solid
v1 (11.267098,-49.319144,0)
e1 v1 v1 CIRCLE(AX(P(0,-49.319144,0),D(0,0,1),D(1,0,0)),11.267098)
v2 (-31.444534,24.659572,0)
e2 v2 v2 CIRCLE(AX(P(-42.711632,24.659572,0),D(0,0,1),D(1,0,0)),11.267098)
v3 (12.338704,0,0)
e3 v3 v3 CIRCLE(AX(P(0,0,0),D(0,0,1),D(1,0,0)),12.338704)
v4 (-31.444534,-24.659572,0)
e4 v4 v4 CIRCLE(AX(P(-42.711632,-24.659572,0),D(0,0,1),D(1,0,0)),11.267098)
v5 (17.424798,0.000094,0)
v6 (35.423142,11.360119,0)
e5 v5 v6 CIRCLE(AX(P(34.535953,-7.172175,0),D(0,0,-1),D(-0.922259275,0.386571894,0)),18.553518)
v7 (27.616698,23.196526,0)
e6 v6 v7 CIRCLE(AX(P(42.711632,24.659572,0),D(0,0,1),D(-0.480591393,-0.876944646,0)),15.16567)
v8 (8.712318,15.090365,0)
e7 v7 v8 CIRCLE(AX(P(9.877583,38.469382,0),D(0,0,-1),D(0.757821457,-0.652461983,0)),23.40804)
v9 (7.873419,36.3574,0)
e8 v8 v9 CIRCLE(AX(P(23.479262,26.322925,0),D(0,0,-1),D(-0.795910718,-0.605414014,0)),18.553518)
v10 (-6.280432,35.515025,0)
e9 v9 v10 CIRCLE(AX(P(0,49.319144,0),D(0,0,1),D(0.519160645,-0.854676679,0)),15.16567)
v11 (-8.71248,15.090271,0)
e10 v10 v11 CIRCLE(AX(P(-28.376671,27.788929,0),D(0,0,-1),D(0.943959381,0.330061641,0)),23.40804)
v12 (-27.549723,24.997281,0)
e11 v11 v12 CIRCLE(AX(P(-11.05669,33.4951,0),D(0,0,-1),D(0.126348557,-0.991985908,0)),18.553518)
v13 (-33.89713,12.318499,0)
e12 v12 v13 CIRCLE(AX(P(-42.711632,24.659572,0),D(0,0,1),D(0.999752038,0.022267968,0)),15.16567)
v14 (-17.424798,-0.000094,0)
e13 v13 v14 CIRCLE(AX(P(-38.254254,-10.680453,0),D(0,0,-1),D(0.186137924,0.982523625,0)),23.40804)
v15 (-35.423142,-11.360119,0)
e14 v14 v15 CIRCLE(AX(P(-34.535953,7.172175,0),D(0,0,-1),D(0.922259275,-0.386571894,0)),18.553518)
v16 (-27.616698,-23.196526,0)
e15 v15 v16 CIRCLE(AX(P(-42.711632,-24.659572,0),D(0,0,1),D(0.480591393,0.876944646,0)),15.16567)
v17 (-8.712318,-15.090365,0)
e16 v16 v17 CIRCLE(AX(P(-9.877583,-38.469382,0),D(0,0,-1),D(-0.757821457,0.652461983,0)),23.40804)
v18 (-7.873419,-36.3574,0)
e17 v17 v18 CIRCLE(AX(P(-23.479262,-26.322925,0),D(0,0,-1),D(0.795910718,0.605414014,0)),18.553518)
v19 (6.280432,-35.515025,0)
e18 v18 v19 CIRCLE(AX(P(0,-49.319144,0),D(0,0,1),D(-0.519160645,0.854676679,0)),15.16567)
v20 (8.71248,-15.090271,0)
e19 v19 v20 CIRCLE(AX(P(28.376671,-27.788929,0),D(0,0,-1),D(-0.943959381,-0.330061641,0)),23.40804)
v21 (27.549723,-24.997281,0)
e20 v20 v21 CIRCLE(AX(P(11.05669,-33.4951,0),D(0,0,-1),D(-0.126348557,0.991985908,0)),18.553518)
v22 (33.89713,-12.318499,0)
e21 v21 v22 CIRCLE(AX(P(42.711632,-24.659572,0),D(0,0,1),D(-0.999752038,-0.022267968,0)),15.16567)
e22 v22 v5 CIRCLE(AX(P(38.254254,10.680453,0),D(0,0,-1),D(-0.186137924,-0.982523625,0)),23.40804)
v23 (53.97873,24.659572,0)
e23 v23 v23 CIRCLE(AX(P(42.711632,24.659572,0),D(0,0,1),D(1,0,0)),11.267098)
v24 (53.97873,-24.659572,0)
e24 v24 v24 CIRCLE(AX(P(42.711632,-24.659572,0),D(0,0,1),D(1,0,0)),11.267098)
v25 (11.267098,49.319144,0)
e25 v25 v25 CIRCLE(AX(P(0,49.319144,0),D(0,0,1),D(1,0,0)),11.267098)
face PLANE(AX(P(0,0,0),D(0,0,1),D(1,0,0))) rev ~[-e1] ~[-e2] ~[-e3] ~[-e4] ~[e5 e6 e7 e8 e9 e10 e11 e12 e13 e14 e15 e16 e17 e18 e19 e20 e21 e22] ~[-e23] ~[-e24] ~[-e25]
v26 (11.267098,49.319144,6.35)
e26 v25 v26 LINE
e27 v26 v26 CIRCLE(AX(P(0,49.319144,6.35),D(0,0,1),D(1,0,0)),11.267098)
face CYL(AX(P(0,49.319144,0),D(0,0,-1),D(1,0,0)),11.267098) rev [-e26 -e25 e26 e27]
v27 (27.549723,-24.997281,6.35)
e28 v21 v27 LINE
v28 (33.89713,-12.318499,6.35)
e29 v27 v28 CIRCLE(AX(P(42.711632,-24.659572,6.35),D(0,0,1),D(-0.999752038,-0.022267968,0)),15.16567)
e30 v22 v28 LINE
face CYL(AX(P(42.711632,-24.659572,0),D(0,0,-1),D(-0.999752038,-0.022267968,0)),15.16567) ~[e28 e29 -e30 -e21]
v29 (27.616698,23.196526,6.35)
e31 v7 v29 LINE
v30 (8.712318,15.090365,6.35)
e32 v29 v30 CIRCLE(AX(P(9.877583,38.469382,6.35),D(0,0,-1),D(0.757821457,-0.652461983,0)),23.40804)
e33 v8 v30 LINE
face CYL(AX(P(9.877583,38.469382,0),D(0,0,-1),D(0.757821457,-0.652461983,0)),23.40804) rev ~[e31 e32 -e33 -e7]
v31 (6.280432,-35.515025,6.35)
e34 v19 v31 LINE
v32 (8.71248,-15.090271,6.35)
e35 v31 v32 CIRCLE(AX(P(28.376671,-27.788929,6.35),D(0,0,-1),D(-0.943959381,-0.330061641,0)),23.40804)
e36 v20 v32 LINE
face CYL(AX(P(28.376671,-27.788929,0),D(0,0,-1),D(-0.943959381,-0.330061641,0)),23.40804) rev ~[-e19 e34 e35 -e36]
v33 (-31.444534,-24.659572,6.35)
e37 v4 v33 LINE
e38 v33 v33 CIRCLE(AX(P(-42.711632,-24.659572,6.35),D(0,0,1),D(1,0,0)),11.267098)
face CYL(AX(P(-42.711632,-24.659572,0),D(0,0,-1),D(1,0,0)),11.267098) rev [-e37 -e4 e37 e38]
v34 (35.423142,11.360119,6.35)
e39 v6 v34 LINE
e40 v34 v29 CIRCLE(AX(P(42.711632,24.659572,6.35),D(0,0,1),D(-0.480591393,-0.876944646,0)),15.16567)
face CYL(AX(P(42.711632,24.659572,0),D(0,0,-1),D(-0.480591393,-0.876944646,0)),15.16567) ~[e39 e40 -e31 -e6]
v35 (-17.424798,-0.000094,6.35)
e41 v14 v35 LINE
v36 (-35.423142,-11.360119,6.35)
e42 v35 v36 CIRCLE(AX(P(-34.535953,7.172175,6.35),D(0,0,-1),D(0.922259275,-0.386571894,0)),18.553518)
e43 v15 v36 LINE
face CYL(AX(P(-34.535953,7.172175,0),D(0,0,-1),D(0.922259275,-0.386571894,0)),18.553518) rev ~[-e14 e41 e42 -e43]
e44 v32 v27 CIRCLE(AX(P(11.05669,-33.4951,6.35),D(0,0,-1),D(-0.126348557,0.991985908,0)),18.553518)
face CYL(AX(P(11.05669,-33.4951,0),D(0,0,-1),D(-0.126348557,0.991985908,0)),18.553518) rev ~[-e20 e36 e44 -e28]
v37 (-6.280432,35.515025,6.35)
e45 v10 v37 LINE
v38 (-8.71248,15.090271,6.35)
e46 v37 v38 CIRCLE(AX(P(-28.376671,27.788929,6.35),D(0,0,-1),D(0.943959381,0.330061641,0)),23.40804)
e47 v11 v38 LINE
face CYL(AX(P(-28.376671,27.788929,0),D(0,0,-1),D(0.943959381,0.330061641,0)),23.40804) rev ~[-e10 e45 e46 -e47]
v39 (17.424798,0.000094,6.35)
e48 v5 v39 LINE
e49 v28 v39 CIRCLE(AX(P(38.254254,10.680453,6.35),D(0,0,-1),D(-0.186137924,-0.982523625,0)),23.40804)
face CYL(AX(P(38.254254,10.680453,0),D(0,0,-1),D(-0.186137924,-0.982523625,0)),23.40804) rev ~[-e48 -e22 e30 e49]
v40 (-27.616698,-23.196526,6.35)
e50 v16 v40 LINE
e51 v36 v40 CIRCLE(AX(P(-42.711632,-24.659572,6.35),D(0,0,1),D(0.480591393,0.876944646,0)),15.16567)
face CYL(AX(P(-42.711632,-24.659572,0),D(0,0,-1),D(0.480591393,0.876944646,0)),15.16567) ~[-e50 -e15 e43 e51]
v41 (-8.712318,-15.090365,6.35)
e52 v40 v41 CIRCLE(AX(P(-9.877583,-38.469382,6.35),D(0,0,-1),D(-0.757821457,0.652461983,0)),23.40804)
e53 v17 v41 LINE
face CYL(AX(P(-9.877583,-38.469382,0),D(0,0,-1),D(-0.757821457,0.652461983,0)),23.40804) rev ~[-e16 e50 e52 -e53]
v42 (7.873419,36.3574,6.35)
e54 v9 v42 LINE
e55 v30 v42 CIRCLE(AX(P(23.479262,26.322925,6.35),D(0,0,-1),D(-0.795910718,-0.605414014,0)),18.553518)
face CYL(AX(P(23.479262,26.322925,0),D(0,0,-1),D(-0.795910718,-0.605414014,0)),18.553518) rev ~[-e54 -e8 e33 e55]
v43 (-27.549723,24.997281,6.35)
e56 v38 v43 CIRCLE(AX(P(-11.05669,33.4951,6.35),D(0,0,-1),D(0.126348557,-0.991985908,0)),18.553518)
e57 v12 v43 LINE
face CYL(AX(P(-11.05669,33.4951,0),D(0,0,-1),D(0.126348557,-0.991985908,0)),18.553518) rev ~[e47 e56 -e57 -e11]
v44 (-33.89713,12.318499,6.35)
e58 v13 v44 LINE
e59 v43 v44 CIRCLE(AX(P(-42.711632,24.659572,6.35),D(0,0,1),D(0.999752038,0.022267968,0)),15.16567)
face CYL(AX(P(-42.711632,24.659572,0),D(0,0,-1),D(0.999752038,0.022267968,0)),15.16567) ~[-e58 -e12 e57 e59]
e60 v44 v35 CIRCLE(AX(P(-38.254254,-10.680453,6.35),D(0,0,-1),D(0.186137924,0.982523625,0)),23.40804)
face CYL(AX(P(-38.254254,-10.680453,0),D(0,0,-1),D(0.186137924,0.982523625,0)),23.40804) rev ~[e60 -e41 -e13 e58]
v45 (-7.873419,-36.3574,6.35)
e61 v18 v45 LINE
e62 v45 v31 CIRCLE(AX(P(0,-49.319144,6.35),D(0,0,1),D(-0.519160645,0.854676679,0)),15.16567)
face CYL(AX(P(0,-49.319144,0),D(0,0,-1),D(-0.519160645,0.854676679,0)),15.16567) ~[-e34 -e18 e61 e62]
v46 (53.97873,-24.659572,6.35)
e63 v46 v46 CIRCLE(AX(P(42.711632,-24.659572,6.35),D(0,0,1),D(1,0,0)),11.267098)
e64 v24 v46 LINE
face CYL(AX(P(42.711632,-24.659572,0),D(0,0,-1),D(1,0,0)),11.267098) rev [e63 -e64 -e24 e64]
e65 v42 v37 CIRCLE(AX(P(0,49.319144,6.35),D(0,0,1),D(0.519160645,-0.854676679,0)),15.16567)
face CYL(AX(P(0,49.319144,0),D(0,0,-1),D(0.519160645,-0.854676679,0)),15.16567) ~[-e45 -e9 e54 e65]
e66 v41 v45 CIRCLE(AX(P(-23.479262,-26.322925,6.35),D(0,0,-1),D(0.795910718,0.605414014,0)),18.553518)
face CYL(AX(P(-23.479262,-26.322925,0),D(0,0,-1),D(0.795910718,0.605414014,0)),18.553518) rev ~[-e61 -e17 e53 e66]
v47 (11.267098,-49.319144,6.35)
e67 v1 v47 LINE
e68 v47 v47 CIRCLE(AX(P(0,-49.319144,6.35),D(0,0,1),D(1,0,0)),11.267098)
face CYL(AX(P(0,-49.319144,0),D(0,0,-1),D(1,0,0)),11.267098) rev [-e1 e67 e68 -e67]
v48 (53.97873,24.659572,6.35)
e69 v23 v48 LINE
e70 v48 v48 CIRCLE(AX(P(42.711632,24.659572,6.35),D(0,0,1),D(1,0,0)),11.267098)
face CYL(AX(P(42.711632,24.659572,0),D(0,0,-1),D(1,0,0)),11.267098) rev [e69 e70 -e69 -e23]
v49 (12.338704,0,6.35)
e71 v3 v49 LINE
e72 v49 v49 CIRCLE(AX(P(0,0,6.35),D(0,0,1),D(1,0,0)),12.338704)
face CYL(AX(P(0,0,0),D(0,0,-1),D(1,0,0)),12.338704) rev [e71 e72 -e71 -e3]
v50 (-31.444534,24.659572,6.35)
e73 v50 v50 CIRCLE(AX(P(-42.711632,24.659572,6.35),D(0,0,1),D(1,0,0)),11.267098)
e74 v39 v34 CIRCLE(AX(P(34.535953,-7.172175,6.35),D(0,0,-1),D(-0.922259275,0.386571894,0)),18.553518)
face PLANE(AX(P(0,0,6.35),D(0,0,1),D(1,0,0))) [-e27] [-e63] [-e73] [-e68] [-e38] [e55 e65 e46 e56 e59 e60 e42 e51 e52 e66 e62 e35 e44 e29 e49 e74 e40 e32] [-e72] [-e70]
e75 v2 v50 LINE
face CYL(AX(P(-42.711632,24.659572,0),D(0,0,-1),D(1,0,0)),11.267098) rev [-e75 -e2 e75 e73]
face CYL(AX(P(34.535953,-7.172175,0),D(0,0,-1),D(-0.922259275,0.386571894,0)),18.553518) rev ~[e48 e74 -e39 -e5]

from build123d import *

# Parameters (mm, degrees)
F0_R     = 11.267098278
F0_R_2   = 12.3387041608
F1_DEPTH = 6.35


with BuildPart() as f1:
    # F0 (on Top) → F1 (new body)
    with BuildSketch(Plane.XY):
        with BuildLine():
            ThreePointArc((8.7123179944, 15.0903645105), (4.9401614153, 25.5916315175), (7.8734188263, 36.3574001836))
            ThreePointArc((7.8734188263, 36.3574001836), (-0.9009997096, 64.4580259045), (-6.2804322517, 35.5150251603))
            ThreePointArc((-6.2804322517, 35.5150251603), (-5.1328327, 25.0212030543), (-8.7124800213, 15.0902709642))
            ThreePointArc((-8.7124800213, 15.0902709642), (-19.6929223108, 17.0741210432), (-27.5497227614, 24.99728081))
            ThreePointArc((-27.5497227614, 24.99728081), (-56.2727877659, 31.4487243149), (-33.8971301307, 12.3184987035))
            ThreePointArc((-33.8971301307, 12.3184987035), (-24.2354138283, 8.0654380156), (-17.4247980157, -9.35463e-05))
            ThreePointArc((-17.4247980157, -9.35463e-05), (-24.6330837261, -8.5175104743), (-35.4231415877, -11.3601193736))
            ThreePointArc((-35.4231415877, -11.3601193736), (-55.3717880563, -33.0093015896), (-27.6166978791, -23.1965264569))
            ThreePointArc((-27.6166978791, -23.1965264569), (-19.1025811283, -16.9557650387), (-8.7123179944, -15.0903645105))
            ThreePointArc((-8.7123179944, -15.0903645105), (-4.9401614153, -25.5916315175), (-7.8734188263, -36.3574001836))
            ThreePointArc((-7.8734188263, -36.3574001836), (0.9009997096, -64.4580259045), (6.2804322517, -35.5150251603))
            ThreePointArc((6.2804322517, -35.5150251603), (5.1328327, -25.0212030543), (8.7124800213, -15.0902709642))
            ThreePointArc((8.7124800213, -15.0902709642), (19.6929223108, -17.0741210432), (27.5497227614, -24.99728081))
            ThreePointArc((27.5497227614, -24.99728081), (56.2727877659, -31.4487243149), (33.8971301307, -12.3184987035))
            ThreePointArc((33.8971301307, -12.3184987035), (24.2354138283, -8.0654380156), (17.4247980157, 9.35463e-05))
            ThreePointArc((17.4247980157, 9.35463e-05), (24.6330837261, 8.5175104743), (35.4231415877, 11.3601193736))
            ThreePointArc((35.4231415877, 11.3601193736), (55.3717880563, 33.0093015896), (27.6166978791, 23.1965264569))
            ThreePointArc((27.6166978791, 23.1965264569), (19.1025811283, 16.9557650387), (8.7123179944, 15.0903645105))
        make_face()
        with Locations((-42.7116318899, -24.6595721692)):
            Circle(F0_R, mode=Mode.SUBTRACT)
        with BuildLine():
            ThreePointArc((-8.3770879832, -15.1094843982), (-8.5446687054, -15.0993233615), (-8.7123179944, -15.0903645105))
            ThreePointArc((-8.7123179944, -15.0903645105), (-8.8358376955, -14.9298053557), (-8.9611030536, -14.7706043858))
            ThreePointArc((-8.9611030536, -14.7706043858), (-8.6707512375, -14.9428978058), (-8.3770879832, -15.1094843982))
        make_face(mode=Mode.SUBTRACT)
        with Locations((0, -49.3191443384)):
            Circle(F0_R, mode=Mode.SUBTRACT)
        with BuildLine():
            ThreePointArc((8.8966533354, -14.8095132023), (8.8040632583, -14.9495618465), (8.7124800213, -15.0902709642))
            ThreePointArc((8.7124800213, -15.0902709642), (8.5116718638, -15.1169625859), (8.3111671005, -15.1458450832))
            ThreePointArc((8.3111671005, -15.1458450832), (8.6055534873, -14.9805397445), (8.8966533354, -14.8095132023))
        make_face(mode=Mode.SUBTRACT)
        with BuildLine():
            ThreePointArc((17.2737413186, 0.2999711959), (17.3487319637, 0.149761515), (17.4247980157, 9.35463e-05))
            ThreePointArc((17.4247980157, 9.35463e-05), (17.3475095593, -0.1871572302), (17.2722701541, -0.3752406974))
            ThreePointArc((17.2722701541, -0.3752406974), (17.2763047248, -0.0376419387), (17.2737413186, 0.2999711959))
        make_face(mode=Mode.SUBTRACT)
        with Locations((42.7116318899, -24.6595721692)):
            Circle(F0_R, mode=Mode.SUBTRACT)
        with Locations((-42.7116318899, 24.6595721692)):
            Circle(F0_R, mode=Mode.SUBTRACT)
        with BuildLine():
            ThreePointArc((-17.2737413186, -0.2999711959), (-17.3487319637, -0.149761515), (-17.4247980157, -9.35463e-05))
            ThreePointArc((-17.4247980157, -9.35463e-05), (-17.3475095593, 0.1871572302), (-17.2722701541, 0.3752406974))
            ThreePointArc((-17.2722701541, 0.3752406974), (-17.2763047248, 0.0376419387), (-17.2737413186, -0.2999711959))
        make_face(mode=Mode.SUBTRACT)
        Circle(F0_R_2, mode=Mode.SUBTRACT)
        with Locations((42.7116318899, 24.6595721692)):
            Circle(F0_R, mode=Mode.SUBTRACT)
        with Locations((0, 49.3191443384)):
            Circle(F0_R, mode=Mode.SUBTRACT)
        with BuildLine():
            ThreePointArc((-17.2722701541, 0.3752406974), (-17.3475095593, 0.1871572302), (-17.4247980157, -9.35463e-05))
            ThreePointArc((-17.4247980157, -9.35463e-05), (-17.3487319637, -0.149761515), (-17.2737413186, -0.2999711959))
            ThreePointArc((-17.2737413186, -0.2999711959), (-17.2763047248, 0.0376419387), (-17.2722701541, 0.3752406974))
        make_face()
        with BuildLine():
            ThreePointArc((-8.9611030536, -14.7706043858), (-8.8358376955, -14.9298053557), (-8.7123179944, -15.0903645105))
            ThreePointArc((-8.7123179944, -15.0903645105), (-8.5446687054, -15.0993233615), (-8.3770879832, -15.1094843982))
            ThreePointArc((-8.3770879832, -15.1094843982), (-8.6707512375, -14.9428978058), (-8.9611030536, -14.7706043858))
        make_face()
        with BuildLine():
            ThreePointArc((8.3111671005, -15.1458450832), (8.5116718638, -15.1169625859), (8.7124800213, -15.0902709642))
            ThreePointArc((8.7124800213, -15.0902709642), (8.8040632583, -14.9495618465), (8.8966533354, -14.8095132023))
            ThreePointArc((8.8966533354, -14.8095132023), (8.6055534873, -14.9805397445), (8.3111671005, -15.1458450832))
        make_face()
        with BuildLine():
            ThreePointArc((17.2722701541, -0.3752406974), (17.3475095593, -0.1871572302), (17.4247980157, 9.35463e-05))
            ThreePointArc((17.4247980157, 9.35463e-05), (17.3487319637, 0.149761515), (17.2737413186, 0.2999711959))
            ThreePointArc((17.2737413186, 0.2999711959), (17.2763047248, -0.0376419387), (17.2722701541, -0.3752406974))
        make_face()
    extrude(amount=F1_DEPTH)


solid = f1.part
